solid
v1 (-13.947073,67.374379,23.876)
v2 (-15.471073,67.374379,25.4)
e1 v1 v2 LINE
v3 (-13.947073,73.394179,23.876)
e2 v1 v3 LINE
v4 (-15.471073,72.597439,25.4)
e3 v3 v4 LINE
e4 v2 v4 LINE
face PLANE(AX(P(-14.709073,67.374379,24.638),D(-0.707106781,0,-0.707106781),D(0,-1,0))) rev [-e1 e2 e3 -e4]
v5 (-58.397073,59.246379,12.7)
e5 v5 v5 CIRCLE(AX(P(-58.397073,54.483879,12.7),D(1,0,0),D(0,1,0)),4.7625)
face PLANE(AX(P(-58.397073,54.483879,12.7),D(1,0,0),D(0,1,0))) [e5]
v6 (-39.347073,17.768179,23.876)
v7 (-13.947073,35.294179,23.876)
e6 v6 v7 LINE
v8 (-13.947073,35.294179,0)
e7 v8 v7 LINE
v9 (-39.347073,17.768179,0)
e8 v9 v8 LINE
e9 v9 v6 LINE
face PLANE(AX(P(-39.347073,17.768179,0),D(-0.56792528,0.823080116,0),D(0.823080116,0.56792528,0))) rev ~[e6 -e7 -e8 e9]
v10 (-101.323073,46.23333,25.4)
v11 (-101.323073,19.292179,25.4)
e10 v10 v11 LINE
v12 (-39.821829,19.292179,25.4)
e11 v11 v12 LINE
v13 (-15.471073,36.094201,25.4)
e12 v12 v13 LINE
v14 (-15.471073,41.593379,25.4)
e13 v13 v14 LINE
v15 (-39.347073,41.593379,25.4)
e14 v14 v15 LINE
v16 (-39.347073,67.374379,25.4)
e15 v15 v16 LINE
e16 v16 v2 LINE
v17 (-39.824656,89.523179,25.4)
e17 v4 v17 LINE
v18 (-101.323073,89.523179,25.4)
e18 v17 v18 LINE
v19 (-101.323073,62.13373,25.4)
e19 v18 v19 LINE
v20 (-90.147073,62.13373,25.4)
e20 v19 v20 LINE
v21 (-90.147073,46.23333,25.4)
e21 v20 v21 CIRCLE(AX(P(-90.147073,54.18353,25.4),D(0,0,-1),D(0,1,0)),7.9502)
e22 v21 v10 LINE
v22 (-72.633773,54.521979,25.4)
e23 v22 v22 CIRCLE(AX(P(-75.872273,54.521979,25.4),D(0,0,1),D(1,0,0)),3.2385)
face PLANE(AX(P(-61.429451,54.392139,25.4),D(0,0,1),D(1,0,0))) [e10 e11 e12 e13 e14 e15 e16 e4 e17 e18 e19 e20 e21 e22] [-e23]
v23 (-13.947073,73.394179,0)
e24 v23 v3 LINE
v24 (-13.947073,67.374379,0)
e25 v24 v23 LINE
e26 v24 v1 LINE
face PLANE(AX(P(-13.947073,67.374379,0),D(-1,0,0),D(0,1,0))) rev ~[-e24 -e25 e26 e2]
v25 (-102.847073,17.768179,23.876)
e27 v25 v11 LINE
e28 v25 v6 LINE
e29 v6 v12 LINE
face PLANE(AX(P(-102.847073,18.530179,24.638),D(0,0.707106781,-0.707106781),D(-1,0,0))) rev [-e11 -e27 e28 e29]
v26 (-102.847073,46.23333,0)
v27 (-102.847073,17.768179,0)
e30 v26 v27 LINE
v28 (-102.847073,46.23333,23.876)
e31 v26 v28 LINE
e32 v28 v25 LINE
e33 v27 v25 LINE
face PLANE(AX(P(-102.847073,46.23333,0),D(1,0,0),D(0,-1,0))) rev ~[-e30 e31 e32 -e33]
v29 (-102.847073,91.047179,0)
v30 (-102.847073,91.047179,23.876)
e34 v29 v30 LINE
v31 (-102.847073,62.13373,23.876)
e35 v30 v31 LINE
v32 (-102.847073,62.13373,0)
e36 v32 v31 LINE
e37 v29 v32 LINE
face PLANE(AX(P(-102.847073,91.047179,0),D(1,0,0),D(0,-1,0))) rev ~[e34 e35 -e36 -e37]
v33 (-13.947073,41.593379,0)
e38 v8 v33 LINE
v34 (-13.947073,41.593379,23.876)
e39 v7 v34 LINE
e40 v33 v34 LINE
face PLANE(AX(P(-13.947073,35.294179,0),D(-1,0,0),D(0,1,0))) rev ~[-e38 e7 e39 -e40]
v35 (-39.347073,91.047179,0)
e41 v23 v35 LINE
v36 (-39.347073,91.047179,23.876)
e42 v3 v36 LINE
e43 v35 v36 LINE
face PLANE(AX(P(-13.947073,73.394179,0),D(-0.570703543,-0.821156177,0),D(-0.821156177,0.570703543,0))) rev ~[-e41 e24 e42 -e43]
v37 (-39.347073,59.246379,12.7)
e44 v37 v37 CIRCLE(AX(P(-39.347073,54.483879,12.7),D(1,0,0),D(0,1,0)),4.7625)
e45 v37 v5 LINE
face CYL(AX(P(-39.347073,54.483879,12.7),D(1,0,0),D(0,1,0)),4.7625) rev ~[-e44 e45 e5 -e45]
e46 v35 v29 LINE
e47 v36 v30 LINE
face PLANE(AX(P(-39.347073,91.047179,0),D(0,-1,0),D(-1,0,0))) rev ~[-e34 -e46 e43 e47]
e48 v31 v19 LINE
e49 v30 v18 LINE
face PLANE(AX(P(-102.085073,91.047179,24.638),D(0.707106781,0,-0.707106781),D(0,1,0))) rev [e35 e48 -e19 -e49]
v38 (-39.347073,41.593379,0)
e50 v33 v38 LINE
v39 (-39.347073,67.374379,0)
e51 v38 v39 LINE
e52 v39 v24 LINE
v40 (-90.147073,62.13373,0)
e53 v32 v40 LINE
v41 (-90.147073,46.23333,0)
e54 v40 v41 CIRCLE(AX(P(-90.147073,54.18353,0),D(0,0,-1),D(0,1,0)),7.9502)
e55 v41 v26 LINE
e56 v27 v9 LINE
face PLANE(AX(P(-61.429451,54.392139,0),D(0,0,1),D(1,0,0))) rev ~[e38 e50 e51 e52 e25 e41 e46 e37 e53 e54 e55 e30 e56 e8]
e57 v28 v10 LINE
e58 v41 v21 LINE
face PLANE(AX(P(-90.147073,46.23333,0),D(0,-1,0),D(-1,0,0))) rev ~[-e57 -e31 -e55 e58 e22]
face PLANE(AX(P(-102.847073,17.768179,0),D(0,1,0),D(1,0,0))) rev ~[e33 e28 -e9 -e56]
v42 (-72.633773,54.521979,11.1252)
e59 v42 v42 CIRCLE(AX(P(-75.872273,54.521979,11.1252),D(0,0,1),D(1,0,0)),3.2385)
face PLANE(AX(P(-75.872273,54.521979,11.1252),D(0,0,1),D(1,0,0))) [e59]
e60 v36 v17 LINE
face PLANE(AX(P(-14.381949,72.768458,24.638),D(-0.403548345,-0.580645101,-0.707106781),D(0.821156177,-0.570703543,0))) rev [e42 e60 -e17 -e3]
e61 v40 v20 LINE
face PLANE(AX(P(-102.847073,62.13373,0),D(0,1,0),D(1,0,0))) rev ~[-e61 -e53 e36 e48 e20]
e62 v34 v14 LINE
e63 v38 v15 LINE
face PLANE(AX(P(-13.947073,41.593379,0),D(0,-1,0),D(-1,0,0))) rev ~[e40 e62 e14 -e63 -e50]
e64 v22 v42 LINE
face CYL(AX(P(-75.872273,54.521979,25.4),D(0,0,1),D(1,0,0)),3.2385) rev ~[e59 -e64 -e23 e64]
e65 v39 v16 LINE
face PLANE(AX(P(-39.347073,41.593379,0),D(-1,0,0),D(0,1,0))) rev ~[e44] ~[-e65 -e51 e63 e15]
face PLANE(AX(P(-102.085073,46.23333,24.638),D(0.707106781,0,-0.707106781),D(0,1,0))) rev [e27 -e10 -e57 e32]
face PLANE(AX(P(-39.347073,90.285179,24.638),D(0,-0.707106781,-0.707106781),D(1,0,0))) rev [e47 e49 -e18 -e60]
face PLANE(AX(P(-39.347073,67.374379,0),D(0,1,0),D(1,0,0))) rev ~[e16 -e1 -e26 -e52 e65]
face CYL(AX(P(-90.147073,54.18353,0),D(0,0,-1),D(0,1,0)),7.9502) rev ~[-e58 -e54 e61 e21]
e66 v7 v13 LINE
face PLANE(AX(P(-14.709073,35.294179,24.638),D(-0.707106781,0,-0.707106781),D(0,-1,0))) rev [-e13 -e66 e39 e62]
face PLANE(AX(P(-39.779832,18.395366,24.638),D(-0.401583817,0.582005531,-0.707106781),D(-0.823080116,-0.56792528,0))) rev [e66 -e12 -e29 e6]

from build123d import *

# Parameters (mm, degrees)
F1_DEPTH = 25.4
F2_SIZE  = 1.524
F3_R     = 4.7625
F4_DEPTH = 19.05
F5_R     = 3.2385
F6_DEPTH = 14.2748


with BuildPart() as f1:
    # F0 (on Top) → F1 (new body)
    with BuildSketch(Plane.XY):
        with BuildLine():
            Line((-39.3470732987, 91.0471790222), (-102.8470732987, 91.0471790222))
            Line((-102.8470732987, 91.0471790222), (-102.8470732987, 62.1337296899))
            Line((-102.8470732987, 62.1337296899), (-90.1470732987, 62.1337296899))
            ThreePointArc((-90.1470732987, 62.1337296899), (-82.1968732987, 54.1835296899), (-90.1470732987, 46.2333296899))
            Line((-90.1470732987, 46.2333296899), (-102.8470732987, 46.2333296899))
            Line((-102.8470732987, 46.2333296899), (-102.8470732987, 17.7681790222))
            Line((-102.8470732987, 17.7681790222), (-39.3470732987, 17.7681790222))
            Line((-39.3470732987, 17.7681790222), (-13.9470732987, 35.2941790222))
            Line((-13.9470732987, 35.2941790222), (-13.9470732987, 41.5933790222))
            Line((-13.9470732987, 41.5933790222), (-39.3470732987, 41.5933790222))
            Line((-39.3470732987, 41.5933790222), (-39.3470732987, 67.3743790222))
            Line((-39.3470732987, 67.3743790222), (-13.9470732987, 67.3743790222))
            Line((-13.9470732987, 67.3743790222), (-13.9470732987, 73.3941790222))
            Line((-13.9470732987, 73.3941790222), (-39.3470732987, 91.0471790222))
        make_face()
    extrude(amount=F1_DEPTH)

    # F2
    f2_edges = [f1.edges().sort_by_distance(p)[0] for p in [
        (-71.097073, 17.768179, 25.4),
        (-26.647073, 26.531179, 25.4),
        (-13.947073, 38.443779, 25.4),
        (-13.947073, 70.384279, 25.4),
        (-26.647073, 82.220679, 25.4),
        (-71.097073, 91.047179, 25.4),
        (-102.847073, 32.000754, 25.4),
        (-102.847073, 76.590454, 25.4),
    ]]
    chamfer(f2_edges, length=F2_SIZE)

    # F3 (on face) → F4 (cut)
    with BuildSketch(Plane.YZ.offset(-39.3470732987)):
        with Locations((54.4838790222, 12.7)):
            Circle(F3_R)
    extrude(amount=-F4_DEPTH, mode=Mode.SUBTRACT)

    # F5 (on face) → F6 (cut)
    with BuildSketch(Plane.XY.offset(25.4)):
        with Locations((-75.8722732987, 54.5219790222)):
            Circle(F5_R)
    extrude(amount=-F6_DEPTH, mode=Mode.SUBTRACT)


solid = f1.part
